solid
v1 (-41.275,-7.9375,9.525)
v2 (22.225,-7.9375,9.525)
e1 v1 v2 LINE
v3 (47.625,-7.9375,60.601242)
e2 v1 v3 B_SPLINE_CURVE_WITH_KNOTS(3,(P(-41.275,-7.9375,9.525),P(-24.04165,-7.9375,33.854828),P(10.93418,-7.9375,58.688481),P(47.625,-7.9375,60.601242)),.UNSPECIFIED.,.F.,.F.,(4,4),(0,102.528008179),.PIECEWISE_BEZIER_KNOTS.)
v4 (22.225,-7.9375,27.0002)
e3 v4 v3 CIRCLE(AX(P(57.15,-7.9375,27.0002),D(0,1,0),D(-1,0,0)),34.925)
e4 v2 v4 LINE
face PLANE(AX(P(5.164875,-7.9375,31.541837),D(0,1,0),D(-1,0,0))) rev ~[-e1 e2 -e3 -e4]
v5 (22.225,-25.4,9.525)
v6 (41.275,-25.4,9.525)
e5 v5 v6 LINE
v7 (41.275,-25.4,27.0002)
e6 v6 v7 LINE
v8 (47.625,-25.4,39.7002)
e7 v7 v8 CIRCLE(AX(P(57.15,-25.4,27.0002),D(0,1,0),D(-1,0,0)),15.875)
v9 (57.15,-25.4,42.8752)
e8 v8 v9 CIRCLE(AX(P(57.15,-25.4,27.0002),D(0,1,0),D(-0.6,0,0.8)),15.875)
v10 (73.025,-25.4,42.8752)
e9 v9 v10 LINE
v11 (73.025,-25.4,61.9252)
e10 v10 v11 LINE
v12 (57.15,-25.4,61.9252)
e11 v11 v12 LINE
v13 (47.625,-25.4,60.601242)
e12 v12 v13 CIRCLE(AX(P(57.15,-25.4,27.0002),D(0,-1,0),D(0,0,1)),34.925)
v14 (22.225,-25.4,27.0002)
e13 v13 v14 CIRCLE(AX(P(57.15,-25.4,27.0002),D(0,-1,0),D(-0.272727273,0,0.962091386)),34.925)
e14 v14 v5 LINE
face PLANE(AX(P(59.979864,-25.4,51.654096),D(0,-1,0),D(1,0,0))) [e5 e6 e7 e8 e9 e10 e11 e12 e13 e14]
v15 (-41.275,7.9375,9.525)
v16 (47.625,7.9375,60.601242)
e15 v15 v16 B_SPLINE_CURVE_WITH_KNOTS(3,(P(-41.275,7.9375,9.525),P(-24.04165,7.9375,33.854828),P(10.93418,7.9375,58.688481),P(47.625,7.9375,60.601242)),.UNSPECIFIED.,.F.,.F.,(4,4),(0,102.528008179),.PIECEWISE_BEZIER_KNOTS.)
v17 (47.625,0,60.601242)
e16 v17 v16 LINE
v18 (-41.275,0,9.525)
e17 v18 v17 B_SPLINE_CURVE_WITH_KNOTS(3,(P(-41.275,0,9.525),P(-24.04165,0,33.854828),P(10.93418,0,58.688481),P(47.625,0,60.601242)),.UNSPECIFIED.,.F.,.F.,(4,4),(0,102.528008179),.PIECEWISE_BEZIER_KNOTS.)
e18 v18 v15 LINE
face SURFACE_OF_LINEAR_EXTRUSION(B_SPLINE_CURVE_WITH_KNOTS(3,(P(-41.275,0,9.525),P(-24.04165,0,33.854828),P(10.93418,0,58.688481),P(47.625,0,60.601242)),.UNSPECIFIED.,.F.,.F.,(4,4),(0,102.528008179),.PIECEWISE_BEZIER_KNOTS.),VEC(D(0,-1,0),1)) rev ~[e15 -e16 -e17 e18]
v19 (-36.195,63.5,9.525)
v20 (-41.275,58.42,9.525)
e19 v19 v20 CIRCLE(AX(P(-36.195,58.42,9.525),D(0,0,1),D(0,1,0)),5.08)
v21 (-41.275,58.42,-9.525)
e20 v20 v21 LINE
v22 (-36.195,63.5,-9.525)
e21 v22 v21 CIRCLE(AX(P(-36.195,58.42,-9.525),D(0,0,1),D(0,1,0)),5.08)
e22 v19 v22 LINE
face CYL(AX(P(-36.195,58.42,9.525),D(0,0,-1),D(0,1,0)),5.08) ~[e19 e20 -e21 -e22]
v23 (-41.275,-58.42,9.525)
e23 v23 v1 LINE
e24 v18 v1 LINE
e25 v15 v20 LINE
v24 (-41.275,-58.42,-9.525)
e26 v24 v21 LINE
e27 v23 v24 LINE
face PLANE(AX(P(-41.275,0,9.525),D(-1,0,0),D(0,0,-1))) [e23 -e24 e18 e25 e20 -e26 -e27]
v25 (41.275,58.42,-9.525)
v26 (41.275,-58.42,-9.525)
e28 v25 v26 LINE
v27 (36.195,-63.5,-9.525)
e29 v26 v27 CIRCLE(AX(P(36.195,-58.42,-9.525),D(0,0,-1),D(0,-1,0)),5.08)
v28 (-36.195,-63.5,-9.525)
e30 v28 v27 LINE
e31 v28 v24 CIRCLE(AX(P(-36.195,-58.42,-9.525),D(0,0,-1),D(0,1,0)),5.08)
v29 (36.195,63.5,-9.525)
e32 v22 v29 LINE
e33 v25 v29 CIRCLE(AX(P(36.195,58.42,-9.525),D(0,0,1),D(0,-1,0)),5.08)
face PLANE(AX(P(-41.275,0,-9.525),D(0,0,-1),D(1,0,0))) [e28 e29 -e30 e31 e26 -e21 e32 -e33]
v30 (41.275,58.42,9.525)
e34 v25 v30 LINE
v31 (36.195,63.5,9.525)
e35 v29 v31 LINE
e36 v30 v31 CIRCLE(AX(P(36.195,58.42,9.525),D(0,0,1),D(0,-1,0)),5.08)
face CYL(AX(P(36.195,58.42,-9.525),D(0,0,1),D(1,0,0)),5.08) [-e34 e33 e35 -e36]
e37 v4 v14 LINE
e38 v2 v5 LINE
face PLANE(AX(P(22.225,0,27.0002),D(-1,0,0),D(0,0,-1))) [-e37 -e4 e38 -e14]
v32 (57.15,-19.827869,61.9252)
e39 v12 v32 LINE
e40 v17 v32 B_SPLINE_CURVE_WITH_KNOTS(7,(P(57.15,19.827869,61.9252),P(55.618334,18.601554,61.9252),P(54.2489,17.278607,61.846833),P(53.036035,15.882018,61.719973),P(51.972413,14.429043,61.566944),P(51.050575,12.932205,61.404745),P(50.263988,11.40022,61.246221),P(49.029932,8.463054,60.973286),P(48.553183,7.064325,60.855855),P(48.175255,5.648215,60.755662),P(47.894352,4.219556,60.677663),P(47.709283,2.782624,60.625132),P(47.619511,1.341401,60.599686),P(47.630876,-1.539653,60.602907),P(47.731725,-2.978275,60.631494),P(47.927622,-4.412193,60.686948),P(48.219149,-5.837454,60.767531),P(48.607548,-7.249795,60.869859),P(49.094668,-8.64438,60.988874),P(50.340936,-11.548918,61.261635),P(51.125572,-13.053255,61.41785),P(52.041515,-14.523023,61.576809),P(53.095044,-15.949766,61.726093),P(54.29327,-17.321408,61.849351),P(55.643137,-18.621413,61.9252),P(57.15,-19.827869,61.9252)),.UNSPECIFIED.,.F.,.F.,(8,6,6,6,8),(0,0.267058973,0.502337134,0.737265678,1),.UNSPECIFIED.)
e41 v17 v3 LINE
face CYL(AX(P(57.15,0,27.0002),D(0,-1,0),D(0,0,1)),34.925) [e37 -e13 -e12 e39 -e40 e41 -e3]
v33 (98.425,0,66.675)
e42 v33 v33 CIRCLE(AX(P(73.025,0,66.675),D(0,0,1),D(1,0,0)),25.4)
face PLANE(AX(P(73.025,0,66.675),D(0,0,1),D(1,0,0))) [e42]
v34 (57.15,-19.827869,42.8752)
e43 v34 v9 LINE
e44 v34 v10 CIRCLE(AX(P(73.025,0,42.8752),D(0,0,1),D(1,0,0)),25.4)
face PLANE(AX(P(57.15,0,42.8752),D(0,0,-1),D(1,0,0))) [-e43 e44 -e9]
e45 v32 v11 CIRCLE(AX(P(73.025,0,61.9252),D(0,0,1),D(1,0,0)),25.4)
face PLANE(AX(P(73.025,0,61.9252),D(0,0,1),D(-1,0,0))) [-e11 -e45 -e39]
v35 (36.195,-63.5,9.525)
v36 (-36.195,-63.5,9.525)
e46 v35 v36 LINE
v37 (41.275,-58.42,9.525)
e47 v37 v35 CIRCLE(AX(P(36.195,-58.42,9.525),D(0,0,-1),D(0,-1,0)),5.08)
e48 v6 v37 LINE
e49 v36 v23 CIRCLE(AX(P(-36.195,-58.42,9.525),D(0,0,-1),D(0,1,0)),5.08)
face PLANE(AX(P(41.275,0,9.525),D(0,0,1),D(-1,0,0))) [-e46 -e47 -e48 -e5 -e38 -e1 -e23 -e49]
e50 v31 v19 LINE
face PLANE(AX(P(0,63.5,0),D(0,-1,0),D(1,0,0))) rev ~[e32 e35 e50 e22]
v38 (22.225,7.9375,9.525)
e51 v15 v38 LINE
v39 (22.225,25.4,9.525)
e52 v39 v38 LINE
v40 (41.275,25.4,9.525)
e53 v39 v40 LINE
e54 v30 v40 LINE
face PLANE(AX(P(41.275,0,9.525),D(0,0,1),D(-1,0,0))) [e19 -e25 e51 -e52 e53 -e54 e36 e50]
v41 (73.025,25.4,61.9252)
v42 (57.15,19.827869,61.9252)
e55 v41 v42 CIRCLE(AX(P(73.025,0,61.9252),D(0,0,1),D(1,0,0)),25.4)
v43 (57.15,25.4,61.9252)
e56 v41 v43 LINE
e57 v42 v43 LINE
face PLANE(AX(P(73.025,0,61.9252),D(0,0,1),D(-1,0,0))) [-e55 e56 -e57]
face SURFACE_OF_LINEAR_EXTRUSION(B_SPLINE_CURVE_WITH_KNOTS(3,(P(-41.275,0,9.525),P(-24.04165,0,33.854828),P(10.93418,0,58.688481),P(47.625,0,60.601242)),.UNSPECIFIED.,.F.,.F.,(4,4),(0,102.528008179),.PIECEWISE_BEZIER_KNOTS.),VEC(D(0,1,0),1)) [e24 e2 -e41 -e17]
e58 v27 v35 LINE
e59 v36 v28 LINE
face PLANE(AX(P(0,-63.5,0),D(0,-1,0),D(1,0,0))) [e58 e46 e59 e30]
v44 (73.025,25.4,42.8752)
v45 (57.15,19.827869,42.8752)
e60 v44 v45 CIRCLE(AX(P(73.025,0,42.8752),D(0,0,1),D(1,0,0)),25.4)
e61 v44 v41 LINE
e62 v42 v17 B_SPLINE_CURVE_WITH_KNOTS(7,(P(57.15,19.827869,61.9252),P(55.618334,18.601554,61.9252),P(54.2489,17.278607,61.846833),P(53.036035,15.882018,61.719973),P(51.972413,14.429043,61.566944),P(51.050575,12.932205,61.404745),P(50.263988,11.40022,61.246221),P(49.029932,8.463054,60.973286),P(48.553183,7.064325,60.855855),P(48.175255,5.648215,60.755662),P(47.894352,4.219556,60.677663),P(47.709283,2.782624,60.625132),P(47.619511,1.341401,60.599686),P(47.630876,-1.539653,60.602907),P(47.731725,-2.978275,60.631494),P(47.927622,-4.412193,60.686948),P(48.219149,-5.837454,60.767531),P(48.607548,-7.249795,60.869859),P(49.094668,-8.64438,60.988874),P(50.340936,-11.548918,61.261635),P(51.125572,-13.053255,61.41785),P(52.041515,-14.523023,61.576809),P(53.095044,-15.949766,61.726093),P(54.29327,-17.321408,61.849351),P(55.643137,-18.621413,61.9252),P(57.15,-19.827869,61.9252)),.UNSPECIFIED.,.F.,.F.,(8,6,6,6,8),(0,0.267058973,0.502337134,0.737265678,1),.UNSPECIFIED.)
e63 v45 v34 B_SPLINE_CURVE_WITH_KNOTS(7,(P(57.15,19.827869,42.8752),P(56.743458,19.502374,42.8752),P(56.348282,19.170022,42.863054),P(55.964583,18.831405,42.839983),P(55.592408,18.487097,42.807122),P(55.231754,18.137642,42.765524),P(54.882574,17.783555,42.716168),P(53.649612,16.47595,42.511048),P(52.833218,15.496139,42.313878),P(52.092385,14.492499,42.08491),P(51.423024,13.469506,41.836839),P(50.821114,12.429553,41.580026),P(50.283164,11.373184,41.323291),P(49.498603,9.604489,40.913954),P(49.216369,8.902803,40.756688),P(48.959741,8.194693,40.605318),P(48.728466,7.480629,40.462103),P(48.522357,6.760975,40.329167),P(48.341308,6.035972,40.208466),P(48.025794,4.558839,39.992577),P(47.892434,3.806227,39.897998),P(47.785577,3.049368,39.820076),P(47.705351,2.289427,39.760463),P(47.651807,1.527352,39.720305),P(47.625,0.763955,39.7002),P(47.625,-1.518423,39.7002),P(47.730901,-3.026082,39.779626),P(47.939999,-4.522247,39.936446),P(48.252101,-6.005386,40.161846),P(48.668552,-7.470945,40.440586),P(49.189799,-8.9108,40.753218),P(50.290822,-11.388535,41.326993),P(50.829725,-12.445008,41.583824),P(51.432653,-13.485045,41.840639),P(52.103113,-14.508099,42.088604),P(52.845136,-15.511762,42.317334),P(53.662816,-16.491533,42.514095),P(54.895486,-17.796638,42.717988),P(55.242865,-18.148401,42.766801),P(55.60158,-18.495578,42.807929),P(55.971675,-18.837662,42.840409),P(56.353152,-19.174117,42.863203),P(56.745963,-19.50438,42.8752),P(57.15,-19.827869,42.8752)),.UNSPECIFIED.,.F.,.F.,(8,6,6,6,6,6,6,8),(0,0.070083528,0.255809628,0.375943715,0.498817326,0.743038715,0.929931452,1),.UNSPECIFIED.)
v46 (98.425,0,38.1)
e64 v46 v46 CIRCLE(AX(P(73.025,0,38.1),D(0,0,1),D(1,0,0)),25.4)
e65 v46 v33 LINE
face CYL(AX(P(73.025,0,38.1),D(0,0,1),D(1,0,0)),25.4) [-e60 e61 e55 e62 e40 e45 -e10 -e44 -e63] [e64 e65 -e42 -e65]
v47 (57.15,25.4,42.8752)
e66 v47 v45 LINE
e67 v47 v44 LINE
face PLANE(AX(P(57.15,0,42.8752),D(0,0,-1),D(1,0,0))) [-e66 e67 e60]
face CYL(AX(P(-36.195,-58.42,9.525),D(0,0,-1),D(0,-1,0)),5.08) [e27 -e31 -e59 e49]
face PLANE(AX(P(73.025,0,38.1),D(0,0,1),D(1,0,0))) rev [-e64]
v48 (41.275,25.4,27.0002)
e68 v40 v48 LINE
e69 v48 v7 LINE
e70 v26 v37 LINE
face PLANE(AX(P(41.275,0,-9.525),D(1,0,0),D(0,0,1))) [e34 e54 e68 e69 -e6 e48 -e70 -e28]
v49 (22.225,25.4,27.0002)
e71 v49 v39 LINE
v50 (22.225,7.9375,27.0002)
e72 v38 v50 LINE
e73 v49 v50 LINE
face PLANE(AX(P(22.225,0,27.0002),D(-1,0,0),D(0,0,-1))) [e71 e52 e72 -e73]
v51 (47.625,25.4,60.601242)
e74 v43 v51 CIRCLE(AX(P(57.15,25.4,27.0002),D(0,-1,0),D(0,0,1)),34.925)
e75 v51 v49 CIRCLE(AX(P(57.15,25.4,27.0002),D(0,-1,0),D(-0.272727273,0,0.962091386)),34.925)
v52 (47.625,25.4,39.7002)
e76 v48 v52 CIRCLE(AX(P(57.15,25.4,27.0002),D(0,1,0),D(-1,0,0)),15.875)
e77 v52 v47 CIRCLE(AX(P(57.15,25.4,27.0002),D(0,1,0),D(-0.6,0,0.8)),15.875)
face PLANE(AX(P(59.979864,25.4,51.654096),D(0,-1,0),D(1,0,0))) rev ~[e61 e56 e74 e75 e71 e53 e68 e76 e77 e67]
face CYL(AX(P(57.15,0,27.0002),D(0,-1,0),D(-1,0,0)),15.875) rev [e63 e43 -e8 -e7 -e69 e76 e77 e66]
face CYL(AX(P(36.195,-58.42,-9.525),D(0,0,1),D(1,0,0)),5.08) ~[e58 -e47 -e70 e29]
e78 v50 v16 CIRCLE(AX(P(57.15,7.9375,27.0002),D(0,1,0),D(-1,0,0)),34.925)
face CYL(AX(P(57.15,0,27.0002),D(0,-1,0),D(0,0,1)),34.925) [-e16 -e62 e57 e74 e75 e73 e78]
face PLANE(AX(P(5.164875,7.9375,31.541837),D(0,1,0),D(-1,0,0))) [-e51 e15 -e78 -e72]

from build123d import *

# Parameters (mm, degrees)
F1_DEPTH = 63.5
F2_DEPTH = 25.4
F3_DEPTH = 7.9375
F5_R     = 5.08


with BuildPart() as f1:
    # F0 (on Front) → F1 (new body, symmetric)
    with BuildSketch(Plane.XZ):
        Polygon((-41.275, -9.525), (41.275, -9.525), (41.275, 9.525), (22.225, 9.525), (-41.275, 9.525), align=None)
    extrude(amount=F1_DEPTH, both=True)

    # F0 (on Front) → F2 (join, symmetric)
    with BuildSketch(Plane.XZ):
        with BuildLine():
            ThreePointArc((57.15, 61.9252), (52.3417131244, 61.5926269504), (47.625, 60.6012416505))
            Line((47.625, 60.6012416505), (47.625, 39.7002))
            ThreePointArc((47.625, 39.7002), (52.1298842145, 42.0605473566), (57.15, 42.8752))
            Line((57.15, 42.8752), (73.025, 42.8752))
            Line((73.025, 42.8752), (73.025, 61.9252))
            Line((73.025, 61.9252), (57.15, 61.9252))
        make_face()
        with BuildLine():
            Line((22.225, 9.525), (41.275, 9.525))
            Line((41.275, 9.525), (41.275, 27.0002))
            ThreePointArc((41.275, 27.0002), (42.9509683429, 34.0997158286), (47.625, 39.7002))
            Line((47.625, 39.7002), (47.625, 60.6012416505))
            ThreePointArc((47.625, 60.6012416505), (29.28948807, 48.0607674188), (22.225, 27.0002))
            Line((22.225, 27.0002), (22.225, 9.525))
        make_face()
    extrude(amount=F2_DEPTH, both=True)

    # F0 (on Front) → F3 (join, symmetric)
    with BuildSketch(Plane.XZ):
        with BuildLine():
            add(Edge.make_bspline(
                [(-41.275, 9.525), (-24.0416502966, 33.8548284783), (10.9341804068, 58.6884807018), (47.625, 60.6012416505)],
                knots=[0, 0, 0, 0, 102.5280081789, 102.5280081789, 102.5280081789, 102.5280081789], degree=3))
            Line((-41.275, 9.525), (22.225, 9.525))
            Line((22.225, 9.525), (22.225, 27.0002))
            ThreePointArc((22.225, 27.0002), (29.28948807, 48.0607674188), (47.625, 60.6012416505))
        make_face()
    extrude(amount=F3_DEPTH, both=True)

    # F0 (on Front) → F4 (revolve)
    with BuildSketch(Plane.XZ):
        Polygon((98.425, 66.675), (73.025, 66.675), (73.025, 61.9252), (73.025, 42.8752), (73.025, 38.1), (98.425, 38.1), align=None)
    revolve(axis=Axis((73.025, 0, 52.3875), (0, 0, 1)))

    # F5
    f5_edges = [f1.edges().sort_by_distance(p)[0] for p in [
        (-41.275, -63.5, 0),
        (-41.275, 63.5, 0),
        (41.275, 63.5, 0),
        (41.275, -63.5, 0),
    ]]
    fillet(f5_edges, radius=F5_R)


solid = f1.part
